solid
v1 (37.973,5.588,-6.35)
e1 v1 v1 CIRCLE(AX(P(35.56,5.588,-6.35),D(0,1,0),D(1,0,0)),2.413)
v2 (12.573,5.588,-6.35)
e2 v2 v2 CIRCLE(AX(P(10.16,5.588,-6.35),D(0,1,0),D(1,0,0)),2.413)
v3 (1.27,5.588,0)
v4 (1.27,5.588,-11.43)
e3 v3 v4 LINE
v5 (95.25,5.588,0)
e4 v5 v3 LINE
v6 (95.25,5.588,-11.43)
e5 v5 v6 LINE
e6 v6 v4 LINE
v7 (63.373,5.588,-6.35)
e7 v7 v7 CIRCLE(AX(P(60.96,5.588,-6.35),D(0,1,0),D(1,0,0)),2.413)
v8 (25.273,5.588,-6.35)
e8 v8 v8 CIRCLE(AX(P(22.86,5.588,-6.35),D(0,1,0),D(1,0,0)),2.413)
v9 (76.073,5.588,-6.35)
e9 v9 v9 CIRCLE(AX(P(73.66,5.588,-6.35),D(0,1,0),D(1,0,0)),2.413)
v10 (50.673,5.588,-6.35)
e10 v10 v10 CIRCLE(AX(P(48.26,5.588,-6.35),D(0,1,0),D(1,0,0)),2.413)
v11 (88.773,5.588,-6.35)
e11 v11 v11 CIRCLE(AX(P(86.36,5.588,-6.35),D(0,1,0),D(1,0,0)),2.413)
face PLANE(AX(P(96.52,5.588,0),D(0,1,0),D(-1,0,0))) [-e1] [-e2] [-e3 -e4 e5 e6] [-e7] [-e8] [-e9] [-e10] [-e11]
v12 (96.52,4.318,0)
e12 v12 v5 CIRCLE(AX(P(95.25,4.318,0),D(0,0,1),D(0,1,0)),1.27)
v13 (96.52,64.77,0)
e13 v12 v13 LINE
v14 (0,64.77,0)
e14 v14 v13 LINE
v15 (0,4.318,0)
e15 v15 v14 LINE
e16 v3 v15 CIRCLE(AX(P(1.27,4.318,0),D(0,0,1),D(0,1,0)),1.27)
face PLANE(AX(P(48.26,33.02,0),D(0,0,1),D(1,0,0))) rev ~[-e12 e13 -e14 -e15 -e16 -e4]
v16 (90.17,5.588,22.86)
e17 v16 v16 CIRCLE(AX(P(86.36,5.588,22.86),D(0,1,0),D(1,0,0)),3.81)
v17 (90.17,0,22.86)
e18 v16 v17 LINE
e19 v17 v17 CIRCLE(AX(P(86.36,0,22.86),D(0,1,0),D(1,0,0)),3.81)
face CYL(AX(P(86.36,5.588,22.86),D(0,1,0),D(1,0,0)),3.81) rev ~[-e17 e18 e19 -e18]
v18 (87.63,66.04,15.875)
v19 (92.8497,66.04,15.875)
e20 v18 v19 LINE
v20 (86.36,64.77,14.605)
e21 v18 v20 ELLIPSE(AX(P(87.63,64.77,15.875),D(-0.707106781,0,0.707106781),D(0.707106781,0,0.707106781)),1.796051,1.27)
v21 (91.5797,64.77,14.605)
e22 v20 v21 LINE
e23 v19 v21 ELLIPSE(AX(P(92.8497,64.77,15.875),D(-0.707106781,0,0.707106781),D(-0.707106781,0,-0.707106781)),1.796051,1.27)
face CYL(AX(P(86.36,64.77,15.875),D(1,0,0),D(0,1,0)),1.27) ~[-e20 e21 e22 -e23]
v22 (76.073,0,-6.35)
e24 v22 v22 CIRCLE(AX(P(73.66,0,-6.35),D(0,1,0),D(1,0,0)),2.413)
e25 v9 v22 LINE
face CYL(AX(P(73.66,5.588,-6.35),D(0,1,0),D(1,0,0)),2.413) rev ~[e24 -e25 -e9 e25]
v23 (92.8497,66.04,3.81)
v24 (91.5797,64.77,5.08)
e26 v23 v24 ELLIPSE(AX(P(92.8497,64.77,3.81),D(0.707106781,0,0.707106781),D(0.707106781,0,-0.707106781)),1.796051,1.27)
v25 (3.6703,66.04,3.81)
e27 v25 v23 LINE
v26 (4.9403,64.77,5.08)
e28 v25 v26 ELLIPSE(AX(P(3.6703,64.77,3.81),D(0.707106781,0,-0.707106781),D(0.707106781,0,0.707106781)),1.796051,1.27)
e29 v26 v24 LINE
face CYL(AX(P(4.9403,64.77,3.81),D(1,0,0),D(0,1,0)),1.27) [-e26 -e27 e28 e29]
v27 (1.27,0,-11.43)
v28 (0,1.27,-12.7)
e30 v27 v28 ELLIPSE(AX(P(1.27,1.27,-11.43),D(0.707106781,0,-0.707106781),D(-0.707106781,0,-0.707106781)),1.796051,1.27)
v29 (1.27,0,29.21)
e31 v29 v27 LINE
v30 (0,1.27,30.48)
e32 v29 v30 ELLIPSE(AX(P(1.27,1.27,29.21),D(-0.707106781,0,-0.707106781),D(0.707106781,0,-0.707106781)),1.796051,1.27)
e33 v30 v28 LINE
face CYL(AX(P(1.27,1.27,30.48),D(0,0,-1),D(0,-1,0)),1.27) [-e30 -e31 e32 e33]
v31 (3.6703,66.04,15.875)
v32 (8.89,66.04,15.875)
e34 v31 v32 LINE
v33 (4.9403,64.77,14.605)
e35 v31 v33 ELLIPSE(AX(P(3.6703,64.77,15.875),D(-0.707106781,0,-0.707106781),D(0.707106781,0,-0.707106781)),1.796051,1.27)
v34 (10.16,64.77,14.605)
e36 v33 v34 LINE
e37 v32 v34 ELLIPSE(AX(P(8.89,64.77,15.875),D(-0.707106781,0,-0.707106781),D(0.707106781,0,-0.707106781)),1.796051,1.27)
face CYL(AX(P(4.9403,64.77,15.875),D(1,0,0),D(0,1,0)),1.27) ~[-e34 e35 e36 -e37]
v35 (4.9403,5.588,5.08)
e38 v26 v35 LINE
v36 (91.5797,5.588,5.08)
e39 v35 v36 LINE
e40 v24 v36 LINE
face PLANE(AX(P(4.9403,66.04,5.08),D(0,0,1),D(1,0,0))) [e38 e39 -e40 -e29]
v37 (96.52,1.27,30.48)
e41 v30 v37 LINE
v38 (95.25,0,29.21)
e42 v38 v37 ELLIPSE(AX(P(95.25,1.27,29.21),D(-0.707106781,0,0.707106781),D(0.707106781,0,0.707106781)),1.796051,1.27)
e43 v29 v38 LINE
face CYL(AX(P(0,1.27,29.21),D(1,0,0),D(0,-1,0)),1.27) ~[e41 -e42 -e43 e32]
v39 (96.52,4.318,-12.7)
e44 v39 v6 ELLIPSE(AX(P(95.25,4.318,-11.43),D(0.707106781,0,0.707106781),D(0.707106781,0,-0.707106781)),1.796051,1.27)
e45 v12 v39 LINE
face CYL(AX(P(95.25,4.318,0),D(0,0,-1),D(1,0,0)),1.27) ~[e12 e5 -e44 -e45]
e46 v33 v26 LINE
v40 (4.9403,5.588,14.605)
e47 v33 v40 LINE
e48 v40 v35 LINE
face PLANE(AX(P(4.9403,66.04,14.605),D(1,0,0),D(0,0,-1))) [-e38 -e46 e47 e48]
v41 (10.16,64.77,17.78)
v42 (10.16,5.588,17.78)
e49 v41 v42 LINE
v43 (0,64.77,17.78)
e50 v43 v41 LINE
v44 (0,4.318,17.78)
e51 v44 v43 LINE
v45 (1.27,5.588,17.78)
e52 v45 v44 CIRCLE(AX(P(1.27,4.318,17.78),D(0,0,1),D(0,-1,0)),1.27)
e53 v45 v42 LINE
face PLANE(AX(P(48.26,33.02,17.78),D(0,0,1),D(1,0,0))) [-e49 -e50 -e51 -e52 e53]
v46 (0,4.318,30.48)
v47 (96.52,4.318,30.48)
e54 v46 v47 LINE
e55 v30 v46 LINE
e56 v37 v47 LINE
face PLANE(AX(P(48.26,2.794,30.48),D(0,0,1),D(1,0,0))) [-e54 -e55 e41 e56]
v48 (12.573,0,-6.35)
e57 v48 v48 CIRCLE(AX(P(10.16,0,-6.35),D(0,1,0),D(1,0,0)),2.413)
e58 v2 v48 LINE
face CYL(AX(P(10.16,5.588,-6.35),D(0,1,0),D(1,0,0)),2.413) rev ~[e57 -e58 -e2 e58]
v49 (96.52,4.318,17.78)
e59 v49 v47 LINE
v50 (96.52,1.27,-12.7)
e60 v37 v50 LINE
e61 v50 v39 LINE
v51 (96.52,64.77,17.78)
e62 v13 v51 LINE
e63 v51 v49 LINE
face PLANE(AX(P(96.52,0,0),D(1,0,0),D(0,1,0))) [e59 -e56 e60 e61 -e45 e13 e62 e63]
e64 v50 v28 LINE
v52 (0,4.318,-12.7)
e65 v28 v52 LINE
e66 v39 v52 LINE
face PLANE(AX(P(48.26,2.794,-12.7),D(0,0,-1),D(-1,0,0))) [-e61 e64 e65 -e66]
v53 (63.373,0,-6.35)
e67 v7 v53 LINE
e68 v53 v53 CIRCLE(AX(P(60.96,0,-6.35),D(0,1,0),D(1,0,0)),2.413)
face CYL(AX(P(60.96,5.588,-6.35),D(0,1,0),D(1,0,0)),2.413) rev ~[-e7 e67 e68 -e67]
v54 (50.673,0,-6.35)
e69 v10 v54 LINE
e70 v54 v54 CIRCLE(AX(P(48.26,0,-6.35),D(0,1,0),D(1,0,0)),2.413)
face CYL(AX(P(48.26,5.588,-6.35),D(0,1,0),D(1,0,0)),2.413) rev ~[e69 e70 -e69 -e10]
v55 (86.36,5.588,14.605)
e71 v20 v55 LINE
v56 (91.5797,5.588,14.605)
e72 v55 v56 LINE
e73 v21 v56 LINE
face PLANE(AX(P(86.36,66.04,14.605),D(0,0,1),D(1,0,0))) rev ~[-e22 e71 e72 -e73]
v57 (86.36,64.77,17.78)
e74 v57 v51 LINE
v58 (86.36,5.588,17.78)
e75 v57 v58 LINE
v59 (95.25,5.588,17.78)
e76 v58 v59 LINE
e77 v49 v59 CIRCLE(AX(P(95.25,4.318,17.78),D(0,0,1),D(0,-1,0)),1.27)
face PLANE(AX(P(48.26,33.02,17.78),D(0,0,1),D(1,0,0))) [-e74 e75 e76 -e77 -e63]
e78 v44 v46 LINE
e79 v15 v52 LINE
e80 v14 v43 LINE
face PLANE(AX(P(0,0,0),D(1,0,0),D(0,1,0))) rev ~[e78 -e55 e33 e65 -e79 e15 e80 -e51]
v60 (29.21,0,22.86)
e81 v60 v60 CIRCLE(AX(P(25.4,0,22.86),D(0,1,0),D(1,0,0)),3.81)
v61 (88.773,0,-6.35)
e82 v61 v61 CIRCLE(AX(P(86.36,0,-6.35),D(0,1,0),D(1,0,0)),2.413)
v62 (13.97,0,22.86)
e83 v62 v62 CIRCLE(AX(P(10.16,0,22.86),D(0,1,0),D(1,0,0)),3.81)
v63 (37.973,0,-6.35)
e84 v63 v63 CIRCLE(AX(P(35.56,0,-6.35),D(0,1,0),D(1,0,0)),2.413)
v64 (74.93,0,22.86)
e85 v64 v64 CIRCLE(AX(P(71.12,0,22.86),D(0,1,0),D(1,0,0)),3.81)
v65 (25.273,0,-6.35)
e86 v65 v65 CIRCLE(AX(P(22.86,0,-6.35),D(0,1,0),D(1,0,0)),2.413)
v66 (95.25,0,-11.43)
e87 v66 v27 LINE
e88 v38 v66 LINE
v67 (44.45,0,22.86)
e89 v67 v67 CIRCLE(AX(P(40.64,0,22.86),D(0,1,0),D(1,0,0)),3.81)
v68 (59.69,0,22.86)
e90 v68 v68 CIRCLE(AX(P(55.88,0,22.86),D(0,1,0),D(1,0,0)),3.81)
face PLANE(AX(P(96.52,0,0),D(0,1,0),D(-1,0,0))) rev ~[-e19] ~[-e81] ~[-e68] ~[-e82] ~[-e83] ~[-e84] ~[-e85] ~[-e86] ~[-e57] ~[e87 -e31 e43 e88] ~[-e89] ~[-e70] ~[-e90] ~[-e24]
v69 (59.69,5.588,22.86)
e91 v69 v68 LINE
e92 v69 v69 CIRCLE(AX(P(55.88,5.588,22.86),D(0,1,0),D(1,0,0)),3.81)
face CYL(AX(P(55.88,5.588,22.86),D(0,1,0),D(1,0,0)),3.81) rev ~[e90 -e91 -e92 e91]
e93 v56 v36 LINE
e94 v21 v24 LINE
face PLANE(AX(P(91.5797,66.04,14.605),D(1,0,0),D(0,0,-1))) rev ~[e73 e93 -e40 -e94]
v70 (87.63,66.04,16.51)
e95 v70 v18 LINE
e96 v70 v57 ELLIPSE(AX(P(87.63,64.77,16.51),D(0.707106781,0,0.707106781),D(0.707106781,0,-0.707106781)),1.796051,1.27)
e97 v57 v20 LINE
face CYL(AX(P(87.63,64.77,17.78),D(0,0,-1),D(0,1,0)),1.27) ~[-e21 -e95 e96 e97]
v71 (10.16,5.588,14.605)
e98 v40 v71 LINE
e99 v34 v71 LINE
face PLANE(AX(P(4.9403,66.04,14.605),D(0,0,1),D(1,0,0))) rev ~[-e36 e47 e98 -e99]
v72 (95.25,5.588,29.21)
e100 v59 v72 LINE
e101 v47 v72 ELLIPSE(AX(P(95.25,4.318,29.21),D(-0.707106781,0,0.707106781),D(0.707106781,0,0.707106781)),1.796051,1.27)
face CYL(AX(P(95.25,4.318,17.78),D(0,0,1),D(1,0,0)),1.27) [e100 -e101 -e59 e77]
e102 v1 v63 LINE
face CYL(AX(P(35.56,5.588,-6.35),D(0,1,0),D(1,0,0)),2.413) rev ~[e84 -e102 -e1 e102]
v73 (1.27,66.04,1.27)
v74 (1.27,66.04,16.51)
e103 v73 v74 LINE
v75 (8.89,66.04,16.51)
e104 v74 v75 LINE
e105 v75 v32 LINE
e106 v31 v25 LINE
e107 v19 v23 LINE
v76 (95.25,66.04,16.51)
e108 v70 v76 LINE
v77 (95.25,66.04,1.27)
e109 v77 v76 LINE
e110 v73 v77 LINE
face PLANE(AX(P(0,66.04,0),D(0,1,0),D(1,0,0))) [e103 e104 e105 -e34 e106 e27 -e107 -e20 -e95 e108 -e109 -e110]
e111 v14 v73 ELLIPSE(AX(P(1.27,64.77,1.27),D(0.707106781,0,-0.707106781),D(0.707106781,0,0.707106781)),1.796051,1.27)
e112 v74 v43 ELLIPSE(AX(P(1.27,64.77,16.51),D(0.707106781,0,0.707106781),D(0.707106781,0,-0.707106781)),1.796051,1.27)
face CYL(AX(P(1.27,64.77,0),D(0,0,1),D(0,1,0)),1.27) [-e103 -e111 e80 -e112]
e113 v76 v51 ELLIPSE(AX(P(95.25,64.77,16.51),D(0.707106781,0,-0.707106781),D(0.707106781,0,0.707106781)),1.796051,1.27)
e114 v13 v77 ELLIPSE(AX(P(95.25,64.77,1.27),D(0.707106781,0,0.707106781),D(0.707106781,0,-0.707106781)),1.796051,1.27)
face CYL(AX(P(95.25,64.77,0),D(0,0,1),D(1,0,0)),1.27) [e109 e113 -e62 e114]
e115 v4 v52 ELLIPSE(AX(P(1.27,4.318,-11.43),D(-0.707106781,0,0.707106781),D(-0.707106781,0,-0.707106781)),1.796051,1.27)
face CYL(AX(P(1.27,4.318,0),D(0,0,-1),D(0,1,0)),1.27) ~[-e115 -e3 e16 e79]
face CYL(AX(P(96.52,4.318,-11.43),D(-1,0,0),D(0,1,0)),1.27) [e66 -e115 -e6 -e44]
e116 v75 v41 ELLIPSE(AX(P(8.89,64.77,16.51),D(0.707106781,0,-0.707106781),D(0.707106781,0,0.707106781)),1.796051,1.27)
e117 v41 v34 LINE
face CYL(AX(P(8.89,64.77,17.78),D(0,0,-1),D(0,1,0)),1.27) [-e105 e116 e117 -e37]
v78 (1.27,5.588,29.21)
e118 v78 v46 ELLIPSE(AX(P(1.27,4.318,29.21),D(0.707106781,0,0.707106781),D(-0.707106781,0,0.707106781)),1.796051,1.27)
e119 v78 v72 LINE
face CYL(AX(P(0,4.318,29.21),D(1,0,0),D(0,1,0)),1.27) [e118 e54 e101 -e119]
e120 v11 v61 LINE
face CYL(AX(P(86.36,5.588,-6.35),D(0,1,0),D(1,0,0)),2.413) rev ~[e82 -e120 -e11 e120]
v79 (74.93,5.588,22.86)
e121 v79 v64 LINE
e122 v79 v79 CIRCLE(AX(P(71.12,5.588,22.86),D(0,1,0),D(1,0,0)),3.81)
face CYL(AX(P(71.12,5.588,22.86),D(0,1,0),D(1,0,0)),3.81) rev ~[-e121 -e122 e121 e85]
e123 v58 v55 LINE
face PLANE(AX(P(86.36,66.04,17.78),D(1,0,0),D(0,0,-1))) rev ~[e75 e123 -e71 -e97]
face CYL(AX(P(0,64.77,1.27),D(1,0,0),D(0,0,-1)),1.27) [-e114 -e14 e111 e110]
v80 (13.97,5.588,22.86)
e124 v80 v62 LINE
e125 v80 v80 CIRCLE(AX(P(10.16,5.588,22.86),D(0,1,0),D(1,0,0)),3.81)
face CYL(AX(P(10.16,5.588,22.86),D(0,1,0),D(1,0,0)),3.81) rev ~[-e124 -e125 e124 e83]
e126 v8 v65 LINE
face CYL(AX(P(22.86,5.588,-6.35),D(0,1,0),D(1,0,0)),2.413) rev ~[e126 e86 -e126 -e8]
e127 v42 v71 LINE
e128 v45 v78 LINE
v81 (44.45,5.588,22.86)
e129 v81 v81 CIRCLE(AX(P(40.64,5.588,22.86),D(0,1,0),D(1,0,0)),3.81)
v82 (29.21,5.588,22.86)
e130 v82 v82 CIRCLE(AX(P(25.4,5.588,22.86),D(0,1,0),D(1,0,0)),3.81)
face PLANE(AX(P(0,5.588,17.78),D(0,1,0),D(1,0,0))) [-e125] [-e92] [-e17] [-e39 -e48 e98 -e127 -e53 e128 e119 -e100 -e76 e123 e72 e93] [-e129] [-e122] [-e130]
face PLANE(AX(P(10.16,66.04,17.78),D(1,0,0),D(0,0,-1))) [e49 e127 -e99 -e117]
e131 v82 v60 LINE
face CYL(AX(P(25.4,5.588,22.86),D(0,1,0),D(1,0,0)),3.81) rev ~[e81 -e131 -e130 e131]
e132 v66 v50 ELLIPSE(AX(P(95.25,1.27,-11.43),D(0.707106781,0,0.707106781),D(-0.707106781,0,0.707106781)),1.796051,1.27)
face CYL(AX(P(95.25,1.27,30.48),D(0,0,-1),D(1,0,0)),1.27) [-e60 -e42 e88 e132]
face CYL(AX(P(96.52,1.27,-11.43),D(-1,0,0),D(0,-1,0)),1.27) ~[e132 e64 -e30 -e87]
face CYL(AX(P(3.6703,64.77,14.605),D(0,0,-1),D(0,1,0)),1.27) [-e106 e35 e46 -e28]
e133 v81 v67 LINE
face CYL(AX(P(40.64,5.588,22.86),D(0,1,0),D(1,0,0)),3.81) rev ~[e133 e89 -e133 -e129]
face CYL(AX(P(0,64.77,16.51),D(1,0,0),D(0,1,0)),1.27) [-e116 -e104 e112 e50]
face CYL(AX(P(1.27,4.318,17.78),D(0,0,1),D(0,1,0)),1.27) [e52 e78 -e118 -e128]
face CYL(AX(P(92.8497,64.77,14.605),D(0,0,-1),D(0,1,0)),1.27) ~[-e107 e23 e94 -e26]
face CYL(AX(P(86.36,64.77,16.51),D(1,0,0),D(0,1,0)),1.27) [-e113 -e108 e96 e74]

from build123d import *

# Parameters (mm, degrees)
SKETCH2_W           = 96.52
SKETCH2_H           = 66.04
BOSS_EXTRUDE1_DEPTH = 17.78
SKETCH3_W           = 96.52
SKETCH3_H           = 5.588
BOSS_EXTRUDE2_DEPTH = 12.7
SKETCH4_W           = 86.6394
SKETCH4_H           = 9.525
SKETCH4_W_2         = 76.2
SKETCH4_H_2         = 3.175
CUT_EXTRUDE1_DEPTH  = 60.452
SKETCH5_W           = 96.52
SKETCH5_H           = 5.588
BOSS_EXTRUDE3_DEPTH = 12.7
SKETCH6_R           = 2.413
SKETCH6_R_2         = 3.81
CUT_EXTRUDE2_DEPTH  = 6.588
FILLET1_R           = 1.27
FILLET2_R           = 1.27
FILLET3_R           = 1.27


with BuildPart() as part:
    # Sketch2 → Boss-Extrude1 (new body)
    with BuildSketch(Plane.XY):
        with Locations((48.26, 33.02)):
            Rectangle(SKETCH2_W, SKETCH2_H)
    extrude(amount=BOSS_EXTRUDE1_DEPTH)

    # Sketch3 → Boss-Extrude2 (add)
    with BuildSketch(Plane.XY.offset(17.78)):
        with Locations((48.26, 2.794)):
            Rectangle(SKETCH3_W, SKETCH3_H)
    extrude(amount=BOSS_EXTRUDE2_DEPTH)

    # Sketch4 → Cut-Extrude1 (cut)
    with BuildSketch(Plane(origin=(0, 66.04, 0), x_dir=(1, 0, 0), z_dir=(0, 1, 0))):
        with Locations((48.26, -9.8425)):
            Rectangle(SKETCH4_W, SKETCH4_H)
        with Locations((48.26, -16.1925)):
            Rectangle(SKETCH4_W_2, SKETCH4_H_2)
    extrude(amount=-CUT_EXTRUDE1_DEPTH, mode=Mode.SUBTRACT)

    # Sketch5 → Boss-Extrude3 (add)
    with BuildSketch(Plane(origin=(0, 0, 0), x_dir=(-1, 0, 0), z_dir=(0, 0, -1))):
        with Locations((-48.26, 2.794)):
            Rectangle(SKETCH5_W, SKETCH5_H)
    extrude(amount=BOSS_EXTRUDE3_DEPTH)

    # Sketch6 → Cut-Extrude2 (cut, through all)
    with BuildSketch(Plane(origin=(0, 5.588, 0), x_dir=(1, 0, 0), z_dir=(0, 1, 0))):
        with Locations((10.16, 6.35)):
            Circle(SKETCH6_R)
        with Locations((22.86, 6.35)):
            Circle(SKETCH6_R)
        with Locations((35.56, 6.35)):
            Circle(SKETCH6_R)
        with Locations((48.26, 6.35)):
            Circle(SKETCH6_R)
        with Locations((60.96, 6.35)):
            Circle(SKETCH6_R)
        with Locations((73.66, 6.35)):
            Circle(SKETCH6_R)
        with Locations((86.36, 6.35)):
            Circle(SKETCH6_R)
        with Locations((10.16, -22.86)):
            Circle(SKETCH6_R_2)
        with Locations((25.4, -22.86)):
            Circle(SKETCH6_R_2)
        with Locations((40.64, -22.86)):
            Circle(SKETCH6_R_2)
        with Locations((55.88, -22.86)):
            Circle(SKETCH6_R_2)
        with Locations((71.12, -22.86)):
            Circle(SKETCH6_R_2)
        with Locations((86.36, -22.86)):
            Circle(SKETCH6_R_2)
    extrude(amount=-CUT_EXTRUDE2_DEPTH, mode=Mode.SUBTRACT)

    # Fillet1
    fillet1_edges = [part.edges().sort_by_distance(p)[0] for p in [
        (91.44, 66.04, 17.78),
        (5.08, 66.04, 17.78),
        (91.5797, 66.04, 9.8425),
        (48.26, 66.04, 5.08),
        (4.9403, 66.04, 9.8425),
        (7.55015, 66.04, 14.605),
        (10.16, 66.04, 16.1925),
        (88.96985, 66.04, 14.605),
        (86.36, 66.04, 16.1925),
        (48.26, 66.04, 0),
        (0, 66.04, 8.89),
        (96.52, 66.04, 8.89),
    ]]
    fillet(fillet1_edges, radius=FILLET1_R)

    # Fillet2
    fillet2_edges = [part.edges().sort_by_distance(p)[0] for p in [
        (0, 5.588, 24.13),
        (96.52, 5.588, 24.13),
        (48.26, 5.588, 30.48),
        (96.52, 5.588, -6.35),
        (0, 5.588, -6.35),
        (48.26, 5.588, -12.7),
    ]]
    fillet(fillet2_edges, radius=FILLET2_R)

    # Fillet3
    fillet3_edges = [part.edges().sort_by_distance(p)[0] for p in [
        (48.26, 0, 30.48),
        (48.26, 0, -12.7),
        (96.52, 0, 8.89),
        (0, 0, 8.89),
    ]]
    fillet(fillet3_edges, radius=FILLET3_R)


solid = part.part
